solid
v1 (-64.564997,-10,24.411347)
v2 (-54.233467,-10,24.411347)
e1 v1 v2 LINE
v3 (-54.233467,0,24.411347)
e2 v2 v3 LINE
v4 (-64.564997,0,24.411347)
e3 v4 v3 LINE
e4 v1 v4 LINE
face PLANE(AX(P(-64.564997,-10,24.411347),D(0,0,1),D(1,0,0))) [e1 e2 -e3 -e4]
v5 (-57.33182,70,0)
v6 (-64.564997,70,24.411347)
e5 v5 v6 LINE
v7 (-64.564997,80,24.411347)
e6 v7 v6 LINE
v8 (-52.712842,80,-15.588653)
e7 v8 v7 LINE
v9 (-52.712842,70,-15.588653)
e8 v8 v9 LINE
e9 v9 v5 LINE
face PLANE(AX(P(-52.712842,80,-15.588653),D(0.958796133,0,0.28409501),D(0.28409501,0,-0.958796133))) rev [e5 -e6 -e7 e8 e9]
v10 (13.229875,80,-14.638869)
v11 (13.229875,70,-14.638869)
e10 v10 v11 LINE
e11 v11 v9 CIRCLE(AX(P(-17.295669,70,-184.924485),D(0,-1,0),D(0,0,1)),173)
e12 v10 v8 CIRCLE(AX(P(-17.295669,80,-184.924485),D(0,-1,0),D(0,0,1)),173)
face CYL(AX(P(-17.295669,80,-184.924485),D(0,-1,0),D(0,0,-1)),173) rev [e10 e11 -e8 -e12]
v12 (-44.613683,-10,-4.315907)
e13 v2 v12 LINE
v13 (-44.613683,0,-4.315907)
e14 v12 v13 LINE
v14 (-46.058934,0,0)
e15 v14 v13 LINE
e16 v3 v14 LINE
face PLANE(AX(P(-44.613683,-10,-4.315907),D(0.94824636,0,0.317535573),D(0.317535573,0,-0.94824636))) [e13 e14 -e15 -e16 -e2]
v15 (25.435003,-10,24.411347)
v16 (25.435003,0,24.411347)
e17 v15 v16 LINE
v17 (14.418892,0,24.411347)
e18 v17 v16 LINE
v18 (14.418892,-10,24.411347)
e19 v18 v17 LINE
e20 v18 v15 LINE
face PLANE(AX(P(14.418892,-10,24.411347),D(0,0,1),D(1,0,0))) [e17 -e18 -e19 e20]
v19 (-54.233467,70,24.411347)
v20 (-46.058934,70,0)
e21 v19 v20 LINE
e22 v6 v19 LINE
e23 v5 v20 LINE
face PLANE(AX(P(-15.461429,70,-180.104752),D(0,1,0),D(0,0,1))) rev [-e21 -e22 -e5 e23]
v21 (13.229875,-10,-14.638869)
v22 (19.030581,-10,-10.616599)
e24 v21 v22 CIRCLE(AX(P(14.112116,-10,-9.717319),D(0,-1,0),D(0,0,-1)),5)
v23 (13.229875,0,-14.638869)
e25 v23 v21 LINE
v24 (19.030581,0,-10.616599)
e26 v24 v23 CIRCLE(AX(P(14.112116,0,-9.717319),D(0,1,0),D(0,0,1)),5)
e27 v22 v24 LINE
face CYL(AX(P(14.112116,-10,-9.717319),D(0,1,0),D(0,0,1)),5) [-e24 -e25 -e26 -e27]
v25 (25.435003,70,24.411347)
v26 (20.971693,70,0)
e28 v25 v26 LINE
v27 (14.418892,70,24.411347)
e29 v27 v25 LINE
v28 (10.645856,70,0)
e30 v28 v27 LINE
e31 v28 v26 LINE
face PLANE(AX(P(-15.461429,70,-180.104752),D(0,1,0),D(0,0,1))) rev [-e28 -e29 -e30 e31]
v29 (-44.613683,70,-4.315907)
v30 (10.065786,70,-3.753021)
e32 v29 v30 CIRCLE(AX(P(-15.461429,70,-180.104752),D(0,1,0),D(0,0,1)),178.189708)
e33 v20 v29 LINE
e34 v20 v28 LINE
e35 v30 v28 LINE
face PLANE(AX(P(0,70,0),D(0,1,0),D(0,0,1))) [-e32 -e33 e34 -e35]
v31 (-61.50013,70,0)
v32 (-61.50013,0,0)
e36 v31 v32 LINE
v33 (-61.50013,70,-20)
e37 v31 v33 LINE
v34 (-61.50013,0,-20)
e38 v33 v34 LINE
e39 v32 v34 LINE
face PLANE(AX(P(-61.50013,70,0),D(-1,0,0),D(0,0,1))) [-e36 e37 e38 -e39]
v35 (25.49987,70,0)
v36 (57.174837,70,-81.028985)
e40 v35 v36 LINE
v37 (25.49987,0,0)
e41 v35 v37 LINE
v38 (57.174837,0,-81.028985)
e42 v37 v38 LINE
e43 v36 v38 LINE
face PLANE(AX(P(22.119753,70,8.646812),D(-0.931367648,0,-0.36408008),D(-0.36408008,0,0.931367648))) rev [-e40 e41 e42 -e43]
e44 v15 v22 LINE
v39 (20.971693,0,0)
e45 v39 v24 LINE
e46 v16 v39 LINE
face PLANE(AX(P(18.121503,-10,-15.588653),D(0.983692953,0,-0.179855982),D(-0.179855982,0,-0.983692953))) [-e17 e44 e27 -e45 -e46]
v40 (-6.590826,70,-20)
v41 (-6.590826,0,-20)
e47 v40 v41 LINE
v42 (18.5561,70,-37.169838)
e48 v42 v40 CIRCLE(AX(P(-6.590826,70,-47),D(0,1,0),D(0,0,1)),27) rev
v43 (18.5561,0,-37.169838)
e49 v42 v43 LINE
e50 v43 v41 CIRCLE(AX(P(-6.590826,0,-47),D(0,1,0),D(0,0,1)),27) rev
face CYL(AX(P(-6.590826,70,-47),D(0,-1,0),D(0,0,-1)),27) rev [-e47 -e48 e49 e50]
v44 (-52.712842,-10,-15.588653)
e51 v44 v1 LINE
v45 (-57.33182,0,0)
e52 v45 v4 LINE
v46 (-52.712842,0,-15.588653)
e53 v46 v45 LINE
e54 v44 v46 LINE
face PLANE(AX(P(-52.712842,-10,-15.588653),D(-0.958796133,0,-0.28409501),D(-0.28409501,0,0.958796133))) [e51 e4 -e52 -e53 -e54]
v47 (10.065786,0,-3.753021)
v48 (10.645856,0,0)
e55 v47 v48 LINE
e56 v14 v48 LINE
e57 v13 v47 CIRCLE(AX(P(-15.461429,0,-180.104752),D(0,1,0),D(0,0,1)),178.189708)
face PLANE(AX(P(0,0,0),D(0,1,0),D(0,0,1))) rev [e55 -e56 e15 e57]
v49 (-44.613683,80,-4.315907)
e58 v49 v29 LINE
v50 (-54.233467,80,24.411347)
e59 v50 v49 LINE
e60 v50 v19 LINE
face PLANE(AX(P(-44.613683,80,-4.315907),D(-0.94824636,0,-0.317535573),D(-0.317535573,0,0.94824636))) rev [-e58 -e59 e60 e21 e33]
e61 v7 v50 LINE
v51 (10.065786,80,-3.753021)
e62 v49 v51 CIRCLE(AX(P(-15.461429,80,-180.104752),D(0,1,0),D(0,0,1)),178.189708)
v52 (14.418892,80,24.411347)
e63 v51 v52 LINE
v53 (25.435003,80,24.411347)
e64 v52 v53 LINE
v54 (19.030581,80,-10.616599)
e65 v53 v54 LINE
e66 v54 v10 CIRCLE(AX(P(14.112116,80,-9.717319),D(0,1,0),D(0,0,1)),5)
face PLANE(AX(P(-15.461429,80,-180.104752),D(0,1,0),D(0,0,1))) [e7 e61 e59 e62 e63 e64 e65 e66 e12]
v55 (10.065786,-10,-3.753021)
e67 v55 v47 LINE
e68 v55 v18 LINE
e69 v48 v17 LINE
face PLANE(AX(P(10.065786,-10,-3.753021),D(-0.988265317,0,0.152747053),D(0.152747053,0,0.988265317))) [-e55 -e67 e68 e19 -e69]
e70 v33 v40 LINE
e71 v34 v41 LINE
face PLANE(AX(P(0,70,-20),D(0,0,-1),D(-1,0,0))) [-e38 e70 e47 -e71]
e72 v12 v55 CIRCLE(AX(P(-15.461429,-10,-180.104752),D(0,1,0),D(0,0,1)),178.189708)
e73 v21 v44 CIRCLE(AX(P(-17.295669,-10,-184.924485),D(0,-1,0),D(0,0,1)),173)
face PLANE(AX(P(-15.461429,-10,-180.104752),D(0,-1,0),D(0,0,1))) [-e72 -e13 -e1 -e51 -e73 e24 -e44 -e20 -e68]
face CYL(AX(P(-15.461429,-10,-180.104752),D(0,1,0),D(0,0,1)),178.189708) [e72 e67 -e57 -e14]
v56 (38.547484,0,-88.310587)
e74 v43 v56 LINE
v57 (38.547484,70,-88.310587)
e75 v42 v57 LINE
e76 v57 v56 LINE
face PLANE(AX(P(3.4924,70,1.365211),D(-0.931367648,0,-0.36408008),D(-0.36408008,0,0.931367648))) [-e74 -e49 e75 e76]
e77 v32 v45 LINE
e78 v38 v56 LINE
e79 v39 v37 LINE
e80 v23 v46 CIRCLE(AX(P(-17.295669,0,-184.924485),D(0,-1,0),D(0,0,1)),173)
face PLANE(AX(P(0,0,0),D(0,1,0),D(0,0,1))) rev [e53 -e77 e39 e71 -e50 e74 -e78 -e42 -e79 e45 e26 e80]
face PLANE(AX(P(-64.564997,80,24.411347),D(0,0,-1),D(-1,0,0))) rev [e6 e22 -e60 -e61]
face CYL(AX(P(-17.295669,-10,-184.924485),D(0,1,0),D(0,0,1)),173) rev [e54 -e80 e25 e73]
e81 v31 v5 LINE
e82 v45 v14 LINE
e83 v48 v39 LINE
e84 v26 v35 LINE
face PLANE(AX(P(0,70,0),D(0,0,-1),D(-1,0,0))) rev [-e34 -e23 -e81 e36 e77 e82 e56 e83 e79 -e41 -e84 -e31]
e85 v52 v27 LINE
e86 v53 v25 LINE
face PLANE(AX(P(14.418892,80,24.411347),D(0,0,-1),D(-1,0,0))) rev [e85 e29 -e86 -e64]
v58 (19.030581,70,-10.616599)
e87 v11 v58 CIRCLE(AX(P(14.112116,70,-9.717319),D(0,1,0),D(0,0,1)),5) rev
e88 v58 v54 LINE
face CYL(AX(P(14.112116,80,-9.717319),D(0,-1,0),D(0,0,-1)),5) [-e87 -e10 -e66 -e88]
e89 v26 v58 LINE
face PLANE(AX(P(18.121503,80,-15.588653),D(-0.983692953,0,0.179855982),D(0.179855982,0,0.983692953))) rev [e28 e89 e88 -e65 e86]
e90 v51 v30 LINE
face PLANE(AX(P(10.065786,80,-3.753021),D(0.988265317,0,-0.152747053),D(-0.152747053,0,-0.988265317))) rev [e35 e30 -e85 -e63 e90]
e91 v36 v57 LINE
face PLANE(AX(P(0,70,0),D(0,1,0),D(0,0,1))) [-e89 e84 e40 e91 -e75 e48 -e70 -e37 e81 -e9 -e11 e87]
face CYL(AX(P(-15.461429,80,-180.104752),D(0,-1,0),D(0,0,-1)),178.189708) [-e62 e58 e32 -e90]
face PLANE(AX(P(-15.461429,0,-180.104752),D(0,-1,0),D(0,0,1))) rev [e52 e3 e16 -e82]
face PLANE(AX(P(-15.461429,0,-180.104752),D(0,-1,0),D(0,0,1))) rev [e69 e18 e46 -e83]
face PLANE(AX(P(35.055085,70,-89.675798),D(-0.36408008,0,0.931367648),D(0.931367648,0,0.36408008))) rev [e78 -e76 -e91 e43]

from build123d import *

# Parameters (mm, degrees)
BOSS_EXTRUDE1_DEPTH  = 70
BOSS_EXTRUDE2_DEPTH  = 10
FILLET1_R            = 5
FILLET1_OF_MIRROR1_R = 5


with BuildPart() as part:
    # Sketch1 → Boss-Extrude1 (new body)
    with BuildSketch(Plane(origin=(0, 0, 0), x_dir=(1, 0, 0), z_dir=(0, 1, 0))):
        with BuildLine():
            Line((-61.500129939, 0), (25.499870061, 0))
            Line((25.499870061, 0), (57.174837058, 81.028985343))
            Line((57.174837058, 81.028985343), (38.547484106, 88.310586952))
            Line((38.547484106, 88.310586952), (18.556100358, 37.169837828))
            ThreePointArc((18.556100358, 37.169837828), (8.633917242, 24.701856819), (-6.590826128, 20))
            Line((-6.590826128, 20), (-61.500129939, 20))
            Line((-61.500129939, 20), (-61.500129939, 0))
        make_face()
    extrude(amount=BOSS_EXTRUDE1_DEPTH)

    # Sketch2 → Boss-Extrude2 (add)
    with BuildSketch(Plane(origin=(0, 70, 0), x_dir=(1, 0, 0), z_dir=(0, 1, 0))):
        with BuildLine():
            Line((-52.712841503, 15.588653402), (-64.56499654, -24.411346598))
            Line((-64.56499654, -24.411346598), (-54.23346703, -24.411346598))
            Line((-54.23346703, -24.411346598), (-44.613683261, 4.315907023))
            ThreePointArc((-44.613683261, 4.315907023), (-17.295669473, 1.924485185), (10.065785793, 3.753020511))
            Line((10.065785793, 3.753020511), (14.418892199, -24.411346598))
            Line((14.418892199, -24.411346598), (25.43500346, -24.411346598))
            Line((25.43500346, -24.411346598), (18.121502556, 15.588653402))
            ThreePointArc((18.121502556, 15.588653402), (-17.295669473, 11.924485184), (-52.712841503, 15.588653402))
        make_face()
    boss_extrude2 = extrude(amount=BOSS_EXTRUDE2_DEPTH)

    # Fillet1
    fillet1_edges = [part.edges().sort_by_distance(p)[0] for p in [
        (18.121502556, 75, -15.588653402),
    ]]
    fillet(fillet1_edges, radius=FILLET1_R)

    # Mirror1: Boss-Extrude2 across plane
    add(boss_extrude2.mirror(Plane.ZX.offset(35)))

    # Fillet1 of Mirror1
    fillet1_of_mirror1_edges = [part.edges().sort_by_distance(p)[0] for p in [
        (18.121502556, -5, -15.588653402),
    ]]
    fillet(fillet1_of_mirror1_edges, radius=FILLET1_OF_MIRROR1_R)


solid = part.part
